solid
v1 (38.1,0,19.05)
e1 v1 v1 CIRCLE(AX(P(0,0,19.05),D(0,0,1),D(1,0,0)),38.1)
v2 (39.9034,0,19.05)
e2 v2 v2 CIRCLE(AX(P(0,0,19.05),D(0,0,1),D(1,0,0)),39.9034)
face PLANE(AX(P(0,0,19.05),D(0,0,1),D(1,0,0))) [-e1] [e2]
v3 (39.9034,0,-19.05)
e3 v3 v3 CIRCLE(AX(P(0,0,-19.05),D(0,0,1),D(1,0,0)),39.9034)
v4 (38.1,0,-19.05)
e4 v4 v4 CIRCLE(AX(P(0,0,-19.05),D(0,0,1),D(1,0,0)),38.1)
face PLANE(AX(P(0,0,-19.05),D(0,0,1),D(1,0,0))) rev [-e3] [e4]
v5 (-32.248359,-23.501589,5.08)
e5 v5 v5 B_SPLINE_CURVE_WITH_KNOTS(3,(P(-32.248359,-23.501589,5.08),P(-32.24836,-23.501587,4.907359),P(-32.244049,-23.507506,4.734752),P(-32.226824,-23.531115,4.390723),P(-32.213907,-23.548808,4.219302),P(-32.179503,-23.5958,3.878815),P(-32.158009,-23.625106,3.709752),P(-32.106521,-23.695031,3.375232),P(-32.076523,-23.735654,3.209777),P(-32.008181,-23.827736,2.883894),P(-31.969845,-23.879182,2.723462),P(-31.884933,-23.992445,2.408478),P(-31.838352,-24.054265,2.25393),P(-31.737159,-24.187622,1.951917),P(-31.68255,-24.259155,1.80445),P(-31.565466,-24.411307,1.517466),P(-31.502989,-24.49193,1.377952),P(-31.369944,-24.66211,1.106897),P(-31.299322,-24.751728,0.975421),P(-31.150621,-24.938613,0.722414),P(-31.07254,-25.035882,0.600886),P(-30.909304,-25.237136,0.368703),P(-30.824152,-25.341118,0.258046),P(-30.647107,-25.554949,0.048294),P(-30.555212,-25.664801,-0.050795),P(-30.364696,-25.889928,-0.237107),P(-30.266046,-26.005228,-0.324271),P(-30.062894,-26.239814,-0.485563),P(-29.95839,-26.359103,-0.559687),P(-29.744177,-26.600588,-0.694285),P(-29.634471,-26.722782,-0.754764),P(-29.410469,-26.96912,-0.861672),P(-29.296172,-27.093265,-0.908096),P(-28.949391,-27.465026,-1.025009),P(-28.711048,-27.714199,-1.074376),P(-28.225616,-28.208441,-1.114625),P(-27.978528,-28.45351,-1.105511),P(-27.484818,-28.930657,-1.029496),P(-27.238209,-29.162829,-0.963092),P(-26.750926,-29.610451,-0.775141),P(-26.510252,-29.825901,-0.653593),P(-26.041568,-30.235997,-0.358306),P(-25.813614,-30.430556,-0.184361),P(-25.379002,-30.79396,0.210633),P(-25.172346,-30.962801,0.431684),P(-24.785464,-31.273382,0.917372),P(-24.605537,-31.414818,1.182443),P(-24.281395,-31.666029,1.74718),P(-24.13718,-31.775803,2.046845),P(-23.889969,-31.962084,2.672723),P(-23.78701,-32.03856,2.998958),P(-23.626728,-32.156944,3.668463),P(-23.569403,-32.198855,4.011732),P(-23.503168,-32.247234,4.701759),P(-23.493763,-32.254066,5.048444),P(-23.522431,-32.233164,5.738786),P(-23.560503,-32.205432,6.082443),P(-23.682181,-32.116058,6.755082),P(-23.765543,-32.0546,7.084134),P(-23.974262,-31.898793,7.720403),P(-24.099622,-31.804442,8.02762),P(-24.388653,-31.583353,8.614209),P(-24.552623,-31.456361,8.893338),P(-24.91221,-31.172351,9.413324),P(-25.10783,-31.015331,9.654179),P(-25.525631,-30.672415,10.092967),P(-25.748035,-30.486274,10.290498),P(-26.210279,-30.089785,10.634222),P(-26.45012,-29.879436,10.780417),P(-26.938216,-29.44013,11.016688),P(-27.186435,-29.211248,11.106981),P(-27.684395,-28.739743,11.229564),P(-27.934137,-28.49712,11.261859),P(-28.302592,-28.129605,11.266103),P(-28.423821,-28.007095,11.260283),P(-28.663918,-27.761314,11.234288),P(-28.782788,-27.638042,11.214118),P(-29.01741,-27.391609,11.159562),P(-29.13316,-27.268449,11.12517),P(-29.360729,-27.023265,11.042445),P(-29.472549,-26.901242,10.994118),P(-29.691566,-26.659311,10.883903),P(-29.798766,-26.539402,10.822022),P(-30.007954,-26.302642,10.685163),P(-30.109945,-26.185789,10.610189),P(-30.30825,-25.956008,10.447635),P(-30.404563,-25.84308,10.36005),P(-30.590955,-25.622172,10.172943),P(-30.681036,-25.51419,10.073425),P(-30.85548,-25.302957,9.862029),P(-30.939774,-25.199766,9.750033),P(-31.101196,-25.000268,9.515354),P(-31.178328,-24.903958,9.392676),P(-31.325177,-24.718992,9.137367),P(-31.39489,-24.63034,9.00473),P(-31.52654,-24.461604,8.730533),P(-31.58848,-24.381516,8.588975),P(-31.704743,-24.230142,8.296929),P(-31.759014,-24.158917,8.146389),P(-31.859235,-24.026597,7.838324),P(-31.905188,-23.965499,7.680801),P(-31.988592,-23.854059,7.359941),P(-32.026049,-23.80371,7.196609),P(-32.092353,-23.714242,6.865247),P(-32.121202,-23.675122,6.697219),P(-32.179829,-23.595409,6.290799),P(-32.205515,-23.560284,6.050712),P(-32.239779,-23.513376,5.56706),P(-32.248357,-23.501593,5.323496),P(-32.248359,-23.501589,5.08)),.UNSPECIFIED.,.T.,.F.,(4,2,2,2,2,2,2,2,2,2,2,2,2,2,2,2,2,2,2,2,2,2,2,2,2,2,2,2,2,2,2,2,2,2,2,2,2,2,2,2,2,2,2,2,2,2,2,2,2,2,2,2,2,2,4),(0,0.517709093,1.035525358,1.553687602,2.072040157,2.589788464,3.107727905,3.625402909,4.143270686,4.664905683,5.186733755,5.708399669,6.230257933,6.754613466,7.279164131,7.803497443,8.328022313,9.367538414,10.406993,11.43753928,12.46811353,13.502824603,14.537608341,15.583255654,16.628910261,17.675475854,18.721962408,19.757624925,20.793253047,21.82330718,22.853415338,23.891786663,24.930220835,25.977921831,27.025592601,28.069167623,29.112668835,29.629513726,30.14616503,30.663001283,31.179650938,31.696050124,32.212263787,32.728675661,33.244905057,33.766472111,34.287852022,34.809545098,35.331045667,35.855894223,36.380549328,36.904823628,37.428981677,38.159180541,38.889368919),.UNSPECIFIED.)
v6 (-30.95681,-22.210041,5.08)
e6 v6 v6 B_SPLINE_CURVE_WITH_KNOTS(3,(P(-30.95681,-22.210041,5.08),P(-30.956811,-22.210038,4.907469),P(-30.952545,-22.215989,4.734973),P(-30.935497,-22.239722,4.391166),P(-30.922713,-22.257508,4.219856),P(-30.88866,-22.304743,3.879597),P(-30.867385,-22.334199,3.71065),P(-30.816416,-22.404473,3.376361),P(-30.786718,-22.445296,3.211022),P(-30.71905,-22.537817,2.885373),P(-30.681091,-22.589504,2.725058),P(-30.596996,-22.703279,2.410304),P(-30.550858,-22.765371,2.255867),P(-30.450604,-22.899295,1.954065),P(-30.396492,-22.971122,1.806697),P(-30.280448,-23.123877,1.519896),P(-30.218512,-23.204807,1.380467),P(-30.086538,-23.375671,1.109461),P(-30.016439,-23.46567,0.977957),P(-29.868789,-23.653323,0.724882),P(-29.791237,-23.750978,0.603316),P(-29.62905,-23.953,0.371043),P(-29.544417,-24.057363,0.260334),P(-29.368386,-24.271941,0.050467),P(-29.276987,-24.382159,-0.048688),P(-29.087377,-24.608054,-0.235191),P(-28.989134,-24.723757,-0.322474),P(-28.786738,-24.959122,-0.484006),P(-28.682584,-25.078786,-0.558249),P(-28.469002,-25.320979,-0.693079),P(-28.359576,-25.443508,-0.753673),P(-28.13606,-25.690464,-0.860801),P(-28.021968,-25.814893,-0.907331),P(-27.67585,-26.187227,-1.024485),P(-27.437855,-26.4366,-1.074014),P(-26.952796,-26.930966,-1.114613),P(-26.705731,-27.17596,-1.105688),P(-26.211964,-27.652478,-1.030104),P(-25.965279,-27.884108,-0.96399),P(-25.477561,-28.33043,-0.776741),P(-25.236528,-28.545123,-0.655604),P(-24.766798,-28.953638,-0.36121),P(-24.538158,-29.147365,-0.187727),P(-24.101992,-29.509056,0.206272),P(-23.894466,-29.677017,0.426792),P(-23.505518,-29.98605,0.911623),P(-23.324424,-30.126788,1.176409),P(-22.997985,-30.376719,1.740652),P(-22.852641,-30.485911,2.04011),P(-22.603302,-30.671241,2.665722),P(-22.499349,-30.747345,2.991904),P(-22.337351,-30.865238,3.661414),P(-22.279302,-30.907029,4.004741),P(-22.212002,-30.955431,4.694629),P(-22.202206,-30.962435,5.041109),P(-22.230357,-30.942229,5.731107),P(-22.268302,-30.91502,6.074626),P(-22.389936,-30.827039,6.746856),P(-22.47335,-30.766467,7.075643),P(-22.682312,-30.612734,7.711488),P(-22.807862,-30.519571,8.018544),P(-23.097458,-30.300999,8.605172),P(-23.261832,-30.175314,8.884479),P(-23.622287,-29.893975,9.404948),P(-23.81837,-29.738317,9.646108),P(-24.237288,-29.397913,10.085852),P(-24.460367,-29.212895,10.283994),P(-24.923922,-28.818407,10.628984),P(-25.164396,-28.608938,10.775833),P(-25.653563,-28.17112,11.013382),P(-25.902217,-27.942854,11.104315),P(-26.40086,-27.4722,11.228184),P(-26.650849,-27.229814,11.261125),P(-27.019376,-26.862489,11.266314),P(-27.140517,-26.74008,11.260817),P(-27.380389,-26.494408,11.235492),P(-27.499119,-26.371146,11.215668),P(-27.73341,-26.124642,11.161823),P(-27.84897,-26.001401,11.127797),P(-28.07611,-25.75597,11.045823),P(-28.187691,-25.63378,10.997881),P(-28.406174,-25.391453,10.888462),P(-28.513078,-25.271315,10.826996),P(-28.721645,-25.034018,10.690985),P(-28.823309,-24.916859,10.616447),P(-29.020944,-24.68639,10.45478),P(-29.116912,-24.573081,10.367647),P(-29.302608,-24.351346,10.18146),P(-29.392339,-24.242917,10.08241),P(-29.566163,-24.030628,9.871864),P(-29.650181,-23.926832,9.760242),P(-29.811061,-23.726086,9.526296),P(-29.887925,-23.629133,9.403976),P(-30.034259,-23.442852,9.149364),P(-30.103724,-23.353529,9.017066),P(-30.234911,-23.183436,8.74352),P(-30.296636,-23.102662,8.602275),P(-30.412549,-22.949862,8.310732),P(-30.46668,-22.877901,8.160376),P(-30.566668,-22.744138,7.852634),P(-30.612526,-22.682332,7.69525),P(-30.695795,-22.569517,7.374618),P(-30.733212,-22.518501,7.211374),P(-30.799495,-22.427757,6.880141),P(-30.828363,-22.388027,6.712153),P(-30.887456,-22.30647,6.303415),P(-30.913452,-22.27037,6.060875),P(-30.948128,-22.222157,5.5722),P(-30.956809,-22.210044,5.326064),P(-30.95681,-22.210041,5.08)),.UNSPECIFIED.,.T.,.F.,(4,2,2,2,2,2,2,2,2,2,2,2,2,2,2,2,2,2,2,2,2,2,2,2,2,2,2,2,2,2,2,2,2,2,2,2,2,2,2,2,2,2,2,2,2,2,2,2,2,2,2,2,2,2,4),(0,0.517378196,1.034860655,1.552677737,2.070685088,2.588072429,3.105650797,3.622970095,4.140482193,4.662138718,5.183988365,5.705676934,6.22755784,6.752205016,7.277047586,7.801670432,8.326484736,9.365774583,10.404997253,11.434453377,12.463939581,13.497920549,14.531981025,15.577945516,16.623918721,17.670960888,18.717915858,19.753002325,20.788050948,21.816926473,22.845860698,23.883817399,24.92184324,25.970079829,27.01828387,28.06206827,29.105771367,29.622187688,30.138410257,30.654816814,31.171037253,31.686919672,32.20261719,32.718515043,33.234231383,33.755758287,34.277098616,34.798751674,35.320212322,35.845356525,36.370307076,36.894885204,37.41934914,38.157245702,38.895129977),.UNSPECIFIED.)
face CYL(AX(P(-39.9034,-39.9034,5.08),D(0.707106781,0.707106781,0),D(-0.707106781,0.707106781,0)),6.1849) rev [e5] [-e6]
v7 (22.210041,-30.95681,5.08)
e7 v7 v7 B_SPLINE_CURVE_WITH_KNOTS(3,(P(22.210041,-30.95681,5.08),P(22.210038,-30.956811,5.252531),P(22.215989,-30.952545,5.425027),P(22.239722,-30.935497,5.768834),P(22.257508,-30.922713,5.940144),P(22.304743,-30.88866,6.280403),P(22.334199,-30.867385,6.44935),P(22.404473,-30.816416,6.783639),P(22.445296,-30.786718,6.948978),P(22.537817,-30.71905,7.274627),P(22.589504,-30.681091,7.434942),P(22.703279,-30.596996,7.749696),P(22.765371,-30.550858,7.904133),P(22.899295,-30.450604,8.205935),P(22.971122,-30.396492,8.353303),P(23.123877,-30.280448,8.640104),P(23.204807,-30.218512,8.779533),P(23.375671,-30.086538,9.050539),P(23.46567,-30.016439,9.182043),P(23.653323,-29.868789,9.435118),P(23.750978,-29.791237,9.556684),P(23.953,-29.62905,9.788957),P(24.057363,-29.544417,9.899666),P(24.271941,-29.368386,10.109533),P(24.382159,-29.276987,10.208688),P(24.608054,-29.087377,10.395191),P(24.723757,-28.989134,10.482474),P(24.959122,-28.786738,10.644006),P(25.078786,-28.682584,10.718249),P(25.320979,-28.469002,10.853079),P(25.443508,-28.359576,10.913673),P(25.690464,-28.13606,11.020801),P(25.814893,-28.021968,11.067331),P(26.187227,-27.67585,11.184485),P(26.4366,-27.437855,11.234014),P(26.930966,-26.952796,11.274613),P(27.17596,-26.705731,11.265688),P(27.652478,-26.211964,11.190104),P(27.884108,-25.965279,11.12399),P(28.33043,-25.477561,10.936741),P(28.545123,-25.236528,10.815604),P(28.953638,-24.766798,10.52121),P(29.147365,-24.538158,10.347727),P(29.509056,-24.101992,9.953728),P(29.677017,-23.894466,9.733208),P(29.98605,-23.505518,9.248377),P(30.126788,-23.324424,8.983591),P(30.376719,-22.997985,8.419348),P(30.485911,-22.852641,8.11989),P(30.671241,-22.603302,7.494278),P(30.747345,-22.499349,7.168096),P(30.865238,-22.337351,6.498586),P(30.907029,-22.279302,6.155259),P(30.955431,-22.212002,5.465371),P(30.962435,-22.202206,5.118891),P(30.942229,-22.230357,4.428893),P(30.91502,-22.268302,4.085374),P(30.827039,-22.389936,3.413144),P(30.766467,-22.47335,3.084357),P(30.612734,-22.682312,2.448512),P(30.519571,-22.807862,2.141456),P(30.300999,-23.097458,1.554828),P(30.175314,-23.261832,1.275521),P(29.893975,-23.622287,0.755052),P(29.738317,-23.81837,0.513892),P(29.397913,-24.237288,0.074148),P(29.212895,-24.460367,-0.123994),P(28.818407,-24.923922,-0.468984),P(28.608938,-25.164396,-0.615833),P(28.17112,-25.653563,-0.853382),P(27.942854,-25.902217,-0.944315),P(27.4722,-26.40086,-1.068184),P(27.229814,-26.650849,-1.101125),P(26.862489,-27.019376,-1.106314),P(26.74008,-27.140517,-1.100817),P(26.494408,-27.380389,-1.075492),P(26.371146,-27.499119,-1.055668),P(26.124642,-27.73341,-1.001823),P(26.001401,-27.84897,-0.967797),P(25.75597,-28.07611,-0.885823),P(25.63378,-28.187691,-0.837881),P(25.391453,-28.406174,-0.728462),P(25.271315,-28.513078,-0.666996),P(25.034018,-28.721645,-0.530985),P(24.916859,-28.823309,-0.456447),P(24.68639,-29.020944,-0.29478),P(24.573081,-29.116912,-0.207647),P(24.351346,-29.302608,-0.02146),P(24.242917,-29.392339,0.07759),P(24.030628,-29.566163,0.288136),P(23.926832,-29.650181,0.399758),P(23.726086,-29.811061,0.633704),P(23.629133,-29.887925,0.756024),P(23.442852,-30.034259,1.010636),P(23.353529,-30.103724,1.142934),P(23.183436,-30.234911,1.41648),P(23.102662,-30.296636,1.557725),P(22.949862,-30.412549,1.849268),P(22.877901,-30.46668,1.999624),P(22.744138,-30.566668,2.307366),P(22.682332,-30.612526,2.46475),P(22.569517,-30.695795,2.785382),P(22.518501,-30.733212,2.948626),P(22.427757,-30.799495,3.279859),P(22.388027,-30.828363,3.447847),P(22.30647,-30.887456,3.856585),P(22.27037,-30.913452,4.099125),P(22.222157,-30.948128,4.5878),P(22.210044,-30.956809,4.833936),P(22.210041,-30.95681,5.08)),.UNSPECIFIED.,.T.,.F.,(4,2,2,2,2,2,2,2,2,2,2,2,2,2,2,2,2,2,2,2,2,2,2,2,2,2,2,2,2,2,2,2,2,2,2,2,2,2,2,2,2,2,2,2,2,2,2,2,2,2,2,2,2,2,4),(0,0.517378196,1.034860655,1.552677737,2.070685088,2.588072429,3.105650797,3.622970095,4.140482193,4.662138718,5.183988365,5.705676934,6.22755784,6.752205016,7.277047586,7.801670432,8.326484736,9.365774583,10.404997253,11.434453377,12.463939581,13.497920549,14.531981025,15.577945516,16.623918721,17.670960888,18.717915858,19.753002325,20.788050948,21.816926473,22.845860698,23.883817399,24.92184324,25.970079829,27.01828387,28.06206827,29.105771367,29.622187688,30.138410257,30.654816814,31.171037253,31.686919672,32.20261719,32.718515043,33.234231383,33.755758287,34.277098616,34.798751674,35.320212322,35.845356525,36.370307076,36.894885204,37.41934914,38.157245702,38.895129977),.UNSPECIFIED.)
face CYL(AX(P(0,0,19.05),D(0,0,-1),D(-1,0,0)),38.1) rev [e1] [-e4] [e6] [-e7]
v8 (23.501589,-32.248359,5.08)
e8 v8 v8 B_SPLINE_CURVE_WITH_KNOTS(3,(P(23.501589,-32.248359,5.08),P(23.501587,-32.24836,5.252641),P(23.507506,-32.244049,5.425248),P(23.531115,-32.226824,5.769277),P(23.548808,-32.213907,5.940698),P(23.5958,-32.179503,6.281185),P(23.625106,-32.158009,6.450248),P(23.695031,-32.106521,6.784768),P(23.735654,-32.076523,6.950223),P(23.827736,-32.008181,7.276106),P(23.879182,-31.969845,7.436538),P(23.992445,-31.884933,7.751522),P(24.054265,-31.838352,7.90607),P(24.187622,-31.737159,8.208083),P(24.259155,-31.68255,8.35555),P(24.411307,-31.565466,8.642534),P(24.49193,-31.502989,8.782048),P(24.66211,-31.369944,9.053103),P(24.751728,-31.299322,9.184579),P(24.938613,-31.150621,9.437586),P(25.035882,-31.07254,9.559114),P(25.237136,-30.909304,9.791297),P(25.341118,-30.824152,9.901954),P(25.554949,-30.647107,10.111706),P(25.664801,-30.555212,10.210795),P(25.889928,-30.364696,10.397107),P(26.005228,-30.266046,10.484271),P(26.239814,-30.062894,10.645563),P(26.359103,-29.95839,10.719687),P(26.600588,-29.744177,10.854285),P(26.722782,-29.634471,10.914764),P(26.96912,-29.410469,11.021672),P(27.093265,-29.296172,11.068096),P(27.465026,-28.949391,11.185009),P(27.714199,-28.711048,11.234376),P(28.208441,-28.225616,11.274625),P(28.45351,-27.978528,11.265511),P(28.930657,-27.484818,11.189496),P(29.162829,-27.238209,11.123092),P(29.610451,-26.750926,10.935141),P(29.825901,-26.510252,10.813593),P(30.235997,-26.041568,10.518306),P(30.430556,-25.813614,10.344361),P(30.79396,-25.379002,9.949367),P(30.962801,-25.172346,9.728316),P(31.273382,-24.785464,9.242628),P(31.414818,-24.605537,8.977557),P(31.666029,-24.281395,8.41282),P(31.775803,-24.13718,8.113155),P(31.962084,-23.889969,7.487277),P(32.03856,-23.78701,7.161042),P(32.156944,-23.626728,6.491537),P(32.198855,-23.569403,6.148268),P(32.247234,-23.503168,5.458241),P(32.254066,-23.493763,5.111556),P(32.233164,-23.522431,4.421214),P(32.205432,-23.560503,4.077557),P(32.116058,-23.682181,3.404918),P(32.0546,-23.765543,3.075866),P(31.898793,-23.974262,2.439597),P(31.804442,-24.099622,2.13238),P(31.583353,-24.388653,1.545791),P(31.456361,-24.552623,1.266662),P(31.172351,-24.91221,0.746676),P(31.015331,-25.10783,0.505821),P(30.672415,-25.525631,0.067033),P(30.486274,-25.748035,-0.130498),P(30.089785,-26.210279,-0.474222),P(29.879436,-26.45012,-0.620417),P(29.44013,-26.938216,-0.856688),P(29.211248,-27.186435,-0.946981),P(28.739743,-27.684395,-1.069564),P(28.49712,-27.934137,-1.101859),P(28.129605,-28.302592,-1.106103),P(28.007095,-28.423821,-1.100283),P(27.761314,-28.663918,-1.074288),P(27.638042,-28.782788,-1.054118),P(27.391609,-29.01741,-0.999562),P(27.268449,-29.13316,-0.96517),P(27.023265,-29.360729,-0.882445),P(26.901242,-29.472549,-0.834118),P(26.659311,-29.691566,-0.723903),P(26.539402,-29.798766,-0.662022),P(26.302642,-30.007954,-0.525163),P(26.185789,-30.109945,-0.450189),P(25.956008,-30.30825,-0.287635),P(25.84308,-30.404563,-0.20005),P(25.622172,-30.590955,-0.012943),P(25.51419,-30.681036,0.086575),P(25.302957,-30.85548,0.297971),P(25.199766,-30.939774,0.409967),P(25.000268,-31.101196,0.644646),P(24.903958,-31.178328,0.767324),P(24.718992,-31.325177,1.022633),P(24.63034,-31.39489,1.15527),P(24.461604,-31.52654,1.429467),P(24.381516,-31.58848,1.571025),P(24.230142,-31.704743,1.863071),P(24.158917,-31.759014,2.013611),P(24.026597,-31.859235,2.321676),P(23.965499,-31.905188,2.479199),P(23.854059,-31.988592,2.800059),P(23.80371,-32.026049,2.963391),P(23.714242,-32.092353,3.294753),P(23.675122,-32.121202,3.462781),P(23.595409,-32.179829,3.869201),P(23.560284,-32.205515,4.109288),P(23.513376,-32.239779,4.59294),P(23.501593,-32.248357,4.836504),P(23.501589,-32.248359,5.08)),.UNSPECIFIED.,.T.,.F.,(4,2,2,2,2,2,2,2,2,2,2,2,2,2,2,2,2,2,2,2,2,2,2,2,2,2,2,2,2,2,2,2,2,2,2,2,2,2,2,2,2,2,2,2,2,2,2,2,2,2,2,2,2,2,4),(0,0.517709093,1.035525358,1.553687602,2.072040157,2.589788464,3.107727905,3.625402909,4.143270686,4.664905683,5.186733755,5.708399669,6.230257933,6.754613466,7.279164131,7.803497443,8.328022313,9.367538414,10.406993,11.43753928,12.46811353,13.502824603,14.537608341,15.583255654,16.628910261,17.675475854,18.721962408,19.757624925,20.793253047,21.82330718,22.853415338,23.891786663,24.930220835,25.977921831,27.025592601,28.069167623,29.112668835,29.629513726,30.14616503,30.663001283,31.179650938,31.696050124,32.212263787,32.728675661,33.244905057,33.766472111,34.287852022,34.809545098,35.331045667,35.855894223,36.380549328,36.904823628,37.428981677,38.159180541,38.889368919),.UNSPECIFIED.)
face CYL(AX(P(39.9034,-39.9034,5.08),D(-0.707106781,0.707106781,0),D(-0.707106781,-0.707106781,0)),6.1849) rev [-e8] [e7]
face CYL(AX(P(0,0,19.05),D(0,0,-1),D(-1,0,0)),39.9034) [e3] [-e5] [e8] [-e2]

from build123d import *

# Parameters (mm, degrees)
SKETCH1_R           = 39.9034
SKETCH1_R_2         = 38.1
BOSS_EXTRUDE1_DEPTH = 19.05
SKETCH2_R           = 6.1849
CUT_EXTRUDE1_DEPTH  = 60.560600762
SKETCH3_R           = 6.1849
CUT_EXTRUDE2_DEPTH  = 60.560600928


with BuildPart() as part:
    # Sketch1 → Boss-Extrude1 (new, symmetric)
    with BuildSketch(Plane.XY):
        Circle(SKETCH1_R)
        Circle(SKETCH1_R_2, mode=Mode.SUBTRACT)
    extrude(amount=BOSS_EXTRUDE1_DEPTH, both=True)

    # Sketch2 → Cut-Extrude1 (cut, through all)
    with BuildSketch(Plane(origin=(0, 0, 0), x_dir=(0, 0, 1), z_dir=(-0.7071067811865488, 0.7071067811865464, 0))):
        with Locations((5.08, 0)):
            Circle(SKETCH2_R)
    extrude(amount=-CUT_EXTRUDE1_DEPTH, mode=Mode.SUBTRACT)

    # Sketch3 → Cut-Extrude2 (cut, through all)
    with BuildSketch(Plane(origin=(0, 0, 0), x_dir=(0, 0, 1), z_dir=(-0.7071067811865464, -0.7071067811865488, 0))):
        with Locations((5.08, 0)):
            Circle(SKETCH3_R)
    extrude(amount=CUT_EXTRUDE2_DEPTH, mode=Mode.SUBTRACT)


solid = part.part
